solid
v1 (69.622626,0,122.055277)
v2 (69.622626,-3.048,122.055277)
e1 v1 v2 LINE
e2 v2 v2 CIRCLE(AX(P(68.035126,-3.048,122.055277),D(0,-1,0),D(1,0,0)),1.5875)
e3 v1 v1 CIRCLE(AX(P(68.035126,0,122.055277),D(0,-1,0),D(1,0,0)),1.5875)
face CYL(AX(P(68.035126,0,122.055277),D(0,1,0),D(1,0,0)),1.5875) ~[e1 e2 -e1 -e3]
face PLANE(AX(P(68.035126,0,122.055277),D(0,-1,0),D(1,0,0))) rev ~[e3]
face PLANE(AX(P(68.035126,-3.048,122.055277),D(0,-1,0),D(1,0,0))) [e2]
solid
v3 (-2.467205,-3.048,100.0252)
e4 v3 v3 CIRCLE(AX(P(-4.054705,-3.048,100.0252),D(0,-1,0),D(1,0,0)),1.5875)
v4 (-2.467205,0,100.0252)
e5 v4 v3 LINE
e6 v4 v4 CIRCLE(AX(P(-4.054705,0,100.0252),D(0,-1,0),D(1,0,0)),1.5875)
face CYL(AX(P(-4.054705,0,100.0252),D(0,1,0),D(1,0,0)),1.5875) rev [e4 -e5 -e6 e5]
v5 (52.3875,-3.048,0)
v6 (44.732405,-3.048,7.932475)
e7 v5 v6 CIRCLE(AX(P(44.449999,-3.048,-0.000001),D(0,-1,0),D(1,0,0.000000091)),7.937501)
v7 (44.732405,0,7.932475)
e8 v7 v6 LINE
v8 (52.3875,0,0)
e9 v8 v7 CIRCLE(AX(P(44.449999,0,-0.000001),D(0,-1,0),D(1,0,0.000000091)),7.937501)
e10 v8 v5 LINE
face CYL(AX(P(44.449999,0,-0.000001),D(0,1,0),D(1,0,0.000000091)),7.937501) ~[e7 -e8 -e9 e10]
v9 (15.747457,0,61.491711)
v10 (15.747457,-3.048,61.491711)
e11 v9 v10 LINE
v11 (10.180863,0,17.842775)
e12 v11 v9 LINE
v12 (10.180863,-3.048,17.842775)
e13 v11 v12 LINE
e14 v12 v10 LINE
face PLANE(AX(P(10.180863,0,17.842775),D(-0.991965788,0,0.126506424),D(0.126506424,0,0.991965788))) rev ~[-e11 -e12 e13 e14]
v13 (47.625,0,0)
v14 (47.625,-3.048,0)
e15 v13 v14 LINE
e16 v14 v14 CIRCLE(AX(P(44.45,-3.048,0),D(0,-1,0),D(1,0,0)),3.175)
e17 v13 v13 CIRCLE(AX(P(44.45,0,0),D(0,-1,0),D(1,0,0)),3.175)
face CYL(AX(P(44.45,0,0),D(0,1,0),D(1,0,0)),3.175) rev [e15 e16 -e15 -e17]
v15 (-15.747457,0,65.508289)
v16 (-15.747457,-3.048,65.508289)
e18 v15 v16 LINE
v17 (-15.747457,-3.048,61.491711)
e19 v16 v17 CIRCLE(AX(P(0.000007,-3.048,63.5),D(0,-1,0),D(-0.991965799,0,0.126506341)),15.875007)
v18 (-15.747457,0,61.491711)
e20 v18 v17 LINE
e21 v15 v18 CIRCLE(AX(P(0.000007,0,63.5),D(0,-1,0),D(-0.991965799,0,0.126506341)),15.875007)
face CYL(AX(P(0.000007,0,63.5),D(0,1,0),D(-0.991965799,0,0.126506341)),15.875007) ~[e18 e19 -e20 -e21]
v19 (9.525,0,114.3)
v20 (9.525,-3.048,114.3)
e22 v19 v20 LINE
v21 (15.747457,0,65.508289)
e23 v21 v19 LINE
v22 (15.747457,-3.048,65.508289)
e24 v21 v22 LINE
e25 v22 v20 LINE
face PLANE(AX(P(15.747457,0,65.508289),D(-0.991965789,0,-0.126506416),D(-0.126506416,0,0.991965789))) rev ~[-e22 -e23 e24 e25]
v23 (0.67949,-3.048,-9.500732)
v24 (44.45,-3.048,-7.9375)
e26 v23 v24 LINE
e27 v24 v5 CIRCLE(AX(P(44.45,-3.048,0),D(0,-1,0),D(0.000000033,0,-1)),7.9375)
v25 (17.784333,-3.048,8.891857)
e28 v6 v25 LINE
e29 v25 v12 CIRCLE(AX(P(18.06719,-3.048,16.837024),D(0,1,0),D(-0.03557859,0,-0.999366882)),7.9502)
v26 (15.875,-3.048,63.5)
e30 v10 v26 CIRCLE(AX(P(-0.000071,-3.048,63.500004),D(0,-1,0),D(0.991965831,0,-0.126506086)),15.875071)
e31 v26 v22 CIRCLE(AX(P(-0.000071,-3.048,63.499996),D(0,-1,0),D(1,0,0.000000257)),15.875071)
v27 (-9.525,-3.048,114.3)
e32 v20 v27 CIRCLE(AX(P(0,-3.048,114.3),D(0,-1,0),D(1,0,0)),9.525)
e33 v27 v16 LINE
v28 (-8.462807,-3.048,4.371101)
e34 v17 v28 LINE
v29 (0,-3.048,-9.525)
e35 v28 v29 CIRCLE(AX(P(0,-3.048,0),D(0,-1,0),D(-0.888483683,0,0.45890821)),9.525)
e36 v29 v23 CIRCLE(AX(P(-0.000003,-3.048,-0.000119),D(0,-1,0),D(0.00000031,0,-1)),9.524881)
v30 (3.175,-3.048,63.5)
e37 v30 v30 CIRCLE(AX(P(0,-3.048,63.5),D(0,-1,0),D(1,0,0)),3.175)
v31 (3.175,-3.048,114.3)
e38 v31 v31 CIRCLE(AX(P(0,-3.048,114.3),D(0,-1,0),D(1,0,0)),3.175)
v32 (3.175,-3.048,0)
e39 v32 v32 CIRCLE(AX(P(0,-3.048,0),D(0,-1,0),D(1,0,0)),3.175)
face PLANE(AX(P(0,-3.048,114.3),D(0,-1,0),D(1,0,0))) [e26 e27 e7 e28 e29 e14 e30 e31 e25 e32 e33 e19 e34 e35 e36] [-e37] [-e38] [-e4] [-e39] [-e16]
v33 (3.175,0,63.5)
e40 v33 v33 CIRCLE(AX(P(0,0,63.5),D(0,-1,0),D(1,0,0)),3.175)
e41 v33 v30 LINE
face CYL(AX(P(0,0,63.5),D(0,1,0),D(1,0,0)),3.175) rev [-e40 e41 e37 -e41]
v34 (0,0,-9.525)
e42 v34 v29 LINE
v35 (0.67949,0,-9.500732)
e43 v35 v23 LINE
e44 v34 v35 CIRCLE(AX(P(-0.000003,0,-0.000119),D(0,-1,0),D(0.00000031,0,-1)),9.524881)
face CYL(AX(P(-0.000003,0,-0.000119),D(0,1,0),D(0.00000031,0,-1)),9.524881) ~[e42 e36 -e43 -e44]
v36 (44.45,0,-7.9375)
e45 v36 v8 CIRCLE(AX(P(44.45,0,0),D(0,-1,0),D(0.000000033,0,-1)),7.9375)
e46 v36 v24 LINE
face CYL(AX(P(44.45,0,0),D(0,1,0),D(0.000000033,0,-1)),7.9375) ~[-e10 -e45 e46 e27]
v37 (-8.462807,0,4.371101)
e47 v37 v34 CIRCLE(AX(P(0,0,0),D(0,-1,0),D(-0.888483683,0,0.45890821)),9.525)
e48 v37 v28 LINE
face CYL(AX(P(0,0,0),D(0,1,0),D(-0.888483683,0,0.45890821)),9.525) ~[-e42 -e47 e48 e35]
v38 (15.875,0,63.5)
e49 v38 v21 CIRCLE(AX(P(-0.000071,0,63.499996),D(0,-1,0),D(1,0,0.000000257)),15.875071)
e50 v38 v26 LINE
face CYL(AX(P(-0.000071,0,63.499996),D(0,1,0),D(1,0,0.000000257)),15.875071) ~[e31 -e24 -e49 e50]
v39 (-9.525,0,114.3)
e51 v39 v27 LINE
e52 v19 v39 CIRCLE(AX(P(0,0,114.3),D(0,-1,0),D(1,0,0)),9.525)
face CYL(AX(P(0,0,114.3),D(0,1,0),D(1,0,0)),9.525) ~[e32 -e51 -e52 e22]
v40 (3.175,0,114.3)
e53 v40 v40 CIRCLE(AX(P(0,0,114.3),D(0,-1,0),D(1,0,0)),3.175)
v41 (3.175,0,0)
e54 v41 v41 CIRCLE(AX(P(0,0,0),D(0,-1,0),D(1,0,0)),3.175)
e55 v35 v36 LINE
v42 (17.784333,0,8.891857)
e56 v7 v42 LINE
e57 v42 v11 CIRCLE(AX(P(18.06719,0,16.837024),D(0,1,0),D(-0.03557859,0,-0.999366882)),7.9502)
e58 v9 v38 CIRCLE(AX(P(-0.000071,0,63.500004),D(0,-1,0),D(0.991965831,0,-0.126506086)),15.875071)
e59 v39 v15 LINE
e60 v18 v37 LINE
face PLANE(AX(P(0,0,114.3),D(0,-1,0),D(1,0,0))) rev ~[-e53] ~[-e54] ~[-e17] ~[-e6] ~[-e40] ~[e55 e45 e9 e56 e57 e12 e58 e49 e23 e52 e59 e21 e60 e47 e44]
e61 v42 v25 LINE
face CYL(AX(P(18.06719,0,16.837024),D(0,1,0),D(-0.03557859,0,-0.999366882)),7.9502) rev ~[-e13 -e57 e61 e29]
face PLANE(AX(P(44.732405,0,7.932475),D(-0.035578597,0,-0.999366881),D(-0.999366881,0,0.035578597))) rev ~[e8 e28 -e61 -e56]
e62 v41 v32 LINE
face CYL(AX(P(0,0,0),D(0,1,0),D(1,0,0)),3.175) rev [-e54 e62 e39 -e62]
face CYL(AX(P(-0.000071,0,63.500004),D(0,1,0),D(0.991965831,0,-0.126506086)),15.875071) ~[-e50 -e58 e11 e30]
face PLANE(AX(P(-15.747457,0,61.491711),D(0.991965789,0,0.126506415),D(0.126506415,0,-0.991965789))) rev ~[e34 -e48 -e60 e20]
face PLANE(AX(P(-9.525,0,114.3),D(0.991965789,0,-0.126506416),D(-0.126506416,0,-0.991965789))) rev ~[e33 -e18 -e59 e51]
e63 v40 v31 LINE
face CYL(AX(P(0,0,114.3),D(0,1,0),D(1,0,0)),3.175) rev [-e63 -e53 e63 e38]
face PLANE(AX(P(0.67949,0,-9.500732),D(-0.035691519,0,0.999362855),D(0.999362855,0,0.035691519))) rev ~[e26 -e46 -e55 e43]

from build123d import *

# Parameters (mm, degrees)
F0_R     = 3.175
F0_R_2   = 1.5875
F1_DEPTH = 3.048


with BuildPart() as f1:
    # F0 (on Front) → F1 (new body)
    with BuildSketch(Plane.XZ):
        with BuildLine():
            ThreePointArc((-9.525, 114.3), (0, 104.775), (9.525, 114.3))
            ThreePointArc((9.525, 114.3), (0, 123.825), (-9.525, 114.3))
        make_face()
        with Locations((0, 114.3)):
            Circle(F0_R, mode=Mode.SUBTRACT)
        with BuildLine():
            Line((15.747457, 65.508289), (9.525, 114.3))
            ThreePointArc((9.525, 114.3), (0, 104.775), (-9.525, 114.3))
            Line((-9.525, 114.3), (-15.747457, 65.508289))
            ThreePointArc((-15.747457, 65.508289), (0, 79.375), (15.747457, 65.508289))
        make_face()
        with Locations((-4.054705, 100.0252)):
            Circle(F0_R_2, mode=Mode.SUBTRACT)
        with BuildLine():
            ThreePointArc((15.875, 63.5), (15.843082, 64.506168), (15.747457, 65.508289))
            ThreePointArc((15.747457, 65.508289), (0, 79.375), (-15.747457, 65.508289))
            ThreePointArc((-15.747457, 65.508289), (-15.875, 63.5), (-15.747457, 61.491711))
            ThreePointArc((-15.747457, 61.491711), (0, 47.625), (15.747457, 61.491711))
            ThreePointArc((15.747457, 61.491711), (15.843082, 62.493832), (15.875, 63.5))
        make_face()
        with Locations((0, 63.5)):
            Circle(F0_R, mode=Mode.SUBTRACT)
        with BuildLine():
            ThreePointArc((15.747457, 61.491711), (0, 47.625), (-15.747457, 61.491711))
            Line((-15.747457, 61.491711), (-8.462807, 4.371101))
            ThreePointArc((-8.462807, 4.371101), (2.249154, 9.255643), (9.525, 0))
            ThreePointArc((9.525, 0), (6.97129, -6.490511), (0.67949, -9.500732))
            Line((0.67949, -9.500732), (44.45, -7.9375))
            ThreePointArc((44.45, -7.9375), (36.513756, 0.141225), (44.732405, 7.932475))
            Line((44.732405, 7.932475), (17.784333, 8.891857))
            ThreePointArc((17.784333, 8.891857), (12.008013, 11.68998), (10.180863, 17.842775))
            Line((10.180863, 17.842775), (15.747457, 61.491711))
        make_face()
        with BuildLine():
            ThreePointArc((9.525, 0), (2.249154, 9.255643), (-8.462807, 4.371101))
            ThreePointArc((-8.462807, 4.371101), (-8.13512, -4.954336), (0, -9.525))
            Line((0, -9.525), (0.67949, -9.500732))
            ThreePointArc((0.67949, -9.500732), (6.97129, -6.490511), (9.525, 0))
        make_face()
        Circle(F0_R, mode=Mode.SUBTRACT)
        with BuildLine():
            Line((0.67949, -9.500732), (0, -9.525))
            ThreePointArc((0, -9.525), (0.339962, -9.518931), (0.67949, -9.500732))
        make_face()
        with BuildLine():
            ThreePointArc((52.3875, 0), (50.161633, 5.51191), (44.732405, 7.932475))
            ThreePointArc((44.732405, 7.932475), (36.513756, 0.141225), (44.45, -7.9375))
            ThreePointArc((44.45, -7.9375), (50.06266, -5.61266), (52.3875, 0))
        make_face()
        with Locations((44.45, 0)):
            Circle(F0_R, mode=Mode.SUBTRACT)
        with Locations((68.035126, 122.055277)):
            Circle(F0_R_2)
    extrude(amount=F1_DEPTH)


solid = f1.part
